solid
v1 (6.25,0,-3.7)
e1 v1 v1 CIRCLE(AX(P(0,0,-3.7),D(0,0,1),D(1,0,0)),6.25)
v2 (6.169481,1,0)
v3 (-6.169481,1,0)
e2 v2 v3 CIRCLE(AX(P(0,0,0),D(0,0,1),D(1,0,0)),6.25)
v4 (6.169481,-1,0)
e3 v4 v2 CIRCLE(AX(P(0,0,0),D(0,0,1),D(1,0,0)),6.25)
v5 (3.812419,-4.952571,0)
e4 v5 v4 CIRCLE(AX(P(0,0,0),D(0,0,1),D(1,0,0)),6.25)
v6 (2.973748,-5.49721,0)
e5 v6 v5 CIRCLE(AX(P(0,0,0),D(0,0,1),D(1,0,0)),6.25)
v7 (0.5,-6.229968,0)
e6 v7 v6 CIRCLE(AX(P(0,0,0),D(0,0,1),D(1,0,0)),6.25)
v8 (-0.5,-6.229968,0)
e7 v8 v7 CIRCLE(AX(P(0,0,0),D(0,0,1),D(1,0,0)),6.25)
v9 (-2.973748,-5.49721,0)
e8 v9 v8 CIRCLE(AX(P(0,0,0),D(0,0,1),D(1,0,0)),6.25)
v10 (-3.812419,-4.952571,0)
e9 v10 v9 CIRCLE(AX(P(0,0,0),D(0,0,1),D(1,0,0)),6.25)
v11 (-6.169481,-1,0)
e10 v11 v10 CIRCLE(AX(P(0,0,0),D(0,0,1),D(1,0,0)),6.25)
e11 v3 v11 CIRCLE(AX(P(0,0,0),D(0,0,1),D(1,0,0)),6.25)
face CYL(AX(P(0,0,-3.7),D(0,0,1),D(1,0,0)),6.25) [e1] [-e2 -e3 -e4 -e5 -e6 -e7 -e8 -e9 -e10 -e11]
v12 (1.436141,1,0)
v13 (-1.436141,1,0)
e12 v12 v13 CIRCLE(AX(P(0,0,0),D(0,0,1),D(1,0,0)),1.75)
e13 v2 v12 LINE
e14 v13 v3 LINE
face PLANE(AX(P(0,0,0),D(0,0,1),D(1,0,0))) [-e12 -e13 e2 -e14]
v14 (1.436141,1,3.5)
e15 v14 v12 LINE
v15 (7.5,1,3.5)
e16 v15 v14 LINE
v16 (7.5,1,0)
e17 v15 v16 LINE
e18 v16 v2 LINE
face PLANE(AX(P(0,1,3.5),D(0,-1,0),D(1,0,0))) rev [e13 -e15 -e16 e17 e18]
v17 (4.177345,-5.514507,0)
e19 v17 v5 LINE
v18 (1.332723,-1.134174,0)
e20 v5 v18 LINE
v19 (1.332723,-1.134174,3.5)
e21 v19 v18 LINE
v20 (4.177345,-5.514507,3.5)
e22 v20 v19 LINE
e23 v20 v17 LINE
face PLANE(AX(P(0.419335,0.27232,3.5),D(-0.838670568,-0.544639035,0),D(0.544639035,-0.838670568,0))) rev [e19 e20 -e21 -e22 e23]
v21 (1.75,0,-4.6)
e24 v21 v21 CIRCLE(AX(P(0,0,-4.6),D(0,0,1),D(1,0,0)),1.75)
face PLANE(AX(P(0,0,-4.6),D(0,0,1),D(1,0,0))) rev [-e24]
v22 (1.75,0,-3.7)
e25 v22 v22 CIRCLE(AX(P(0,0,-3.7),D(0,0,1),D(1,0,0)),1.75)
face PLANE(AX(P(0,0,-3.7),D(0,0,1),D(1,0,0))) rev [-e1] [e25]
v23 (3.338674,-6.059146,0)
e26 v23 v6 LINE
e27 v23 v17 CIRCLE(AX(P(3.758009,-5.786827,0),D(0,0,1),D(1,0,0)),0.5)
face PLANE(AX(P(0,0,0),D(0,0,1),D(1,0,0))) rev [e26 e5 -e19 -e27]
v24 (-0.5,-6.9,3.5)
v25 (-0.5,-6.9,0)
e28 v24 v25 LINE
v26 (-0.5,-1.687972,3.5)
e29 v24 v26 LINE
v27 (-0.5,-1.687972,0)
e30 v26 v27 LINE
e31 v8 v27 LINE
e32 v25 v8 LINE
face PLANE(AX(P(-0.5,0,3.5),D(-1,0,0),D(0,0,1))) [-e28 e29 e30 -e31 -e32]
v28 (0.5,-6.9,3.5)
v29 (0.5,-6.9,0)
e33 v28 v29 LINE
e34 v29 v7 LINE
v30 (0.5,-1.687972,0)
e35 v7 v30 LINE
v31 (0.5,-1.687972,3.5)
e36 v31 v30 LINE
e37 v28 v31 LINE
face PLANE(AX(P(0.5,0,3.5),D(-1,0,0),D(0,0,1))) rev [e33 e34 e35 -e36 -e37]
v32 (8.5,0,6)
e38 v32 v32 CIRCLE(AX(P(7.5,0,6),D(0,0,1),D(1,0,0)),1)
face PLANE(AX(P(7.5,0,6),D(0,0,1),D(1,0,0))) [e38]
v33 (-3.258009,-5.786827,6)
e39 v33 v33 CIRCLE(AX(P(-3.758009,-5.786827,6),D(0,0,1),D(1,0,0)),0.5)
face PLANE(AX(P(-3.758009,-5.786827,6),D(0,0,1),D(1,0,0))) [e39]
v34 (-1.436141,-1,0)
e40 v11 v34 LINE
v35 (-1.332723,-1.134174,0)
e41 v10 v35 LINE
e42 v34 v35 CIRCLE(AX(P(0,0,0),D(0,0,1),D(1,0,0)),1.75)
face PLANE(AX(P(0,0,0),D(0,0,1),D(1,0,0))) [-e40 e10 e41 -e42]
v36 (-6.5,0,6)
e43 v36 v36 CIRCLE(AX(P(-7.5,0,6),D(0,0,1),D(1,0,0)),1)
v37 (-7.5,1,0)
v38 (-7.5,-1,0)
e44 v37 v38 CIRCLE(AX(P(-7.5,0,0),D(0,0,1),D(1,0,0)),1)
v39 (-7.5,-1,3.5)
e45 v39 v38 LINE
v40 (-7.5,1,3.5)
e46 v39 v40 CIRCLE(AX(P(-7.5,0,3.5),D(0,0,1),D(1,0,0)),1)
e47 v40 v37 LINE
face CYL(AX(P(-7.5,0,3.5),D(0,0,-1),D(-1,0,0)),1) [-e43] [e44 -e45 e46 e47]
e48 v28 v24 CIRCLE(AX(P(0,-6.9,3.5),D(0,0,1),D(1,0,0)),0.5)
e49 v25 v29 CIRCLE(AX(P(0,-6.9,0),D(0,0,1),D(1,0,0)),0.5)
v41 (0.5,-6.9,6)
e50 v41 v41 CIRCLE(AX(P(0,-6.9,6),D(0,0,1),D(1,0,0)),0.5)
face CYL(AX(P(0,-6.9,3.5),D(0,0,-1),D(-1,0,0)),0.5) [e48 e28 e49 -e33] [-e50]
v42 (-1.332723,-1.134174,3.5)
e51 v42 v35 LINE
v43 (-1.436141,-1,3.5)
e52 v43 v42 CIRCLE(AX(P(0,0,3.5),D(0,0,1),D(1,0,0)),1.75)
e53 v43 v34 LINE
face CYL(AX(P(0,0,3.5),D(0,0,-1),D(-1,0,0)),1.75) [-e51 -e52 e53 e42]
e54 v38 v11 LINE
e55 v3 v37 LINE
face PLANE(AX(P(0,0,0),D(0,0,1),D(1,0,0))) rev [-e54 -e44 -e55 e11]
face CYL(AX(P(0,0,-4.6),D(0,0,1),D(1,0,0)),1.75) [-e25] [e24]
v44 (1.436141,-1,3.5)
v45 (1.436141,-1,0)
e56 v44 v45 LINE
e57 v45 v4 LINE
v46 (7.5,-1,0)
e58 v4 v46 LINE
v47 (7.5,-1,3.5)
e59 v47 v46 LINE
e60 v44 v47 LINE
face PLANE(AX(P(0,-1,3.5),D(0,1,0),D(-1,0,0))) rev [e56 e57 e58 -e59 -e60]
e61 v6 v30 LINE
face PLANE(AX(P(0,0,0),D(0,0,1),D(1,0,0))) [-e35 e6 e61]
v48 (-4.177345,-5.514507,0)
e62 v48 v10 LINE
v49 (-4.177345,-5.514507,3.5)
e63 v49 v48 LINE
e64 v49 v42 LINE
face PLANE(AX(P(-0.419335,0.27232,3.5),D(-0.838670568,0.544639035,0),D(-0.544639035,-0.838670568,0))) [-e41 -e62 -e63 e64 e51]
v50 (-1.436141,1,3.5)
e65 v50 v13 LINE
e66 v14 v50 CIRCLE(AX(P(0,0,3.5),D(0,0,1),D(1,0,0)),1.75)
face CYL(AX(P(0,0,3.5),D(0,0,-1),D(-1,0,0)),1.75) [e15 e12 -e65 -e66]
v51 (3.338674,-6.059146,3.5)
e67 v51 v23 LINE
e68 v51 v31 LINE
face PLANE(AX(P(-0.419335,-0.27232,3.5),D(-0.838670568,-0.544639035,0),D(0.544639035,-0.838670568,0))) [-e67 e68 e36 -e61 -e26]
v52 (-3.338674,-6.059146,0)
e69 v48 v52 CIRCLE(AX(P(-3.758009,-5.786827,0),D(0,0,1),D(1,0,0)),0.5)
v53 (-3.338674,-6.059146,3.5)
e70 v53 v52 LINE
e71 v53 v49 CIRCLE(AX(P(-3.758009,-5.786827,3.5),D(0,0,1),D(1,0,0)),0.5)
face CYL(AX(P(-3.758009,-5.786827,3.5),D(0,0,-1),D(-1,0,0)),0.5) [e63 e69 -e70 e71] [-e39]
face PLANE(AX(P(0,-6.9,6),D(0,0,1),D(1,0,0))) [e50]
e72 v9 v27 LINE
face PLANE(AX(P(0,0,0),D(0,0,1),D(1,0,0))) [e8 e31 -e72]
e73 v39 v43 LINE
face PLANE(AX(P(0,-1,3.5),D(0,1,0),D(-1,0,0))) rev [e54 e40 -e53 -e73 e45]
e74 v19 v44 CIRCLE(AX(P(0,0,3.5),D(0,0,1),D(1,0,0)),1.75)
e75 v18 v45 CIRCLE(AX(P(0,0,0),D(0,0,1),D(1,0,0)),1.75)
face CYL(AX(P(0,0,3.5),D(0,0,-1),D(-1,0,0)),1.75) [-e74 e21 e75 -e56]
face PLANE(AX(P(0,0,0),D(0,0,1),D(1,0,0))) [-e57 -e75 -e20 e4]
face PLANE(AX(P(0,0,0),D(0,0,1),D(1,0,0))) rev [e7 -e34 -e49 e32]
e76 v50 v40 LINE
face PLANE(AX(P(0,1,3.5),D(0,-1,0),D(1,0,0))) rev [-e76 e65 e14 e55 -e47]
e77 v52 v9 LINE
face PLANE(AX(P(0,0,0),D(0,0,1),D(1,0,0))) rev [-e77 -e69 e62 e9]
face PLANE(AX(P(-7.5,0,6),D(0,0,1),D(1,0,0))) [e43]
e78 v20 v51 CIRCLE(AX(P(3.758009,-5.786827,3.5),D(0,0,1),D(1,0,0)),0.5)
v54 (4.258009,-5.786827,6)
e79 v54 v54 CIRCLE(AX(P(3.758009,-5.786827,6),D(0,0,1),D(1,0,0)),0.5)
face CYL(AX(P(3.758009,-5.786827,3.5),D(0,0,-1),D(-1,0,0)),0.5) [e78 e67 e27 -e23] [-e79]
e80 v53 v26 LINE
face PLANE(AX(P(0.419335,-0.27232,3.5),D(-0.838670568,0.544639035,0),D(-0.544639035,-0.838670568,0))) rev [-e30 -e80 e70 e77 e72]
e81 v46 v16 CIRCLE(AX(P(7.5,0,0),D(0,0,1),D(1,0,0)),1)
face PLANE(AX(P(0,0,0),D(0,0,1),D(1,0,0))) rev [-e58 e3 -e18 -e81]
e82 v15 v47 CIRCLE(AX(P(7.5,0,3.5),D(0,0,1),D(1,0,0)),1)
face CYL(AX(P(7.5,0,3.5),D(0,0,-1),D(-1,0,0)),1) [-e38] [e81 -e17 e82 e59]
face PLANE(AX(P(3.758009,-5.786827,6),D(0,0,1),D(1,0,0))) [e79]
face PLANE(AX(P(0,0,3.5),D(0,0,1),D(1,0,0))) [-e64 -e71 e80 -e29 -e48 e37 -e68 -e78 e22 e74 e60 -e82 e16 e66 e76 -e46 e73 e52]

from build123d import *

# Parameters (mm, degrees)
SUPPORT_DEPTH              = 3.5
MAIN_FEATURES_SKETCH_3_R   = 6.25
KNOB_DEPTH                 = 3.7
SHAFT_START                = -3.7
MAIN_FEATURES_SKETCH_4_R   = 1.75
SHAFT_DEPTH                = 0.9
LEGS_START                 = 3.5
MAIN_FEATURES_SKETCH_5_R   = 1
MAIN_FEATURES_SKETCH_5_R_2 = 0.5
LEGS_DEPTH                 = 2.5


with BuildPart() as part:
    # main_features_sketch → support (new body)
    with BuildSketch(Plane.XY):
        with BuildLine():
            Line((0.5, -6.9), (0.5, -1.687971711))
            Line((0.5, -1.687971711), (3.338674058, -6.059146436))
            ThreePointArc((3.338674058, -6.059146436), (4.030328859, -6.206162203), (4.177344626, -5.514507401))
            Line((4.177344626, -5.514507401), (1.332722713, -1.134173783))
            ThreePointArc((1.332722713, -1.134173783), (1.386056185, -1.068339015), (1.436140662, -1))
            Line((1.436140662, -1), (7.5, -1))
            ThreePointArc((7.5, -1), (8.5, 0), (7.5, 1))
            Line((7.5, 1), (1.436140662, 1))
            ThreePointArc((1.436140662, 1), (0, 1.75), (-1.436140662, 1))
            Line((-1.436140662, 1), (-7.5, 1))
            ThreePointArc((-7.5, 1), (-8.5, 0), (-7.5, -1))
            Line((-7.5, -1), (-1.436140662, -1))
            ThreePointArc((-1.436140662, -1), (-1.386056185, -1.068339015), (-1.332722713, -1.134173783))
            Line((-1.332722713, -1.134173783), (-4.177344626, -5.514507401))
            ThreePointArc((-4.177344626, -5.514507401), (-4.030328859, -6.206162203), (-3.338674058, -6.059146436))
            Line((-3.338674058, -6.059146436), (-0.5, -1.687971711))
            Line((-0.5, -1.687971711), (-0.5, -6.9))
            ThreePointArc((-0.5, -6.9), (0, -7.4), (0.5, -6.9))
        make_face()
    extrude(amount=SUPPORT_DEPTH)

    # main_features_sketch<3> → knob (add)
    with BuildSketch(Plane.XY):
        Circle(MAIN_FEATURES_SKETCH_3_R)
    extrude(amount=-KNOB_DEPTH)

    # main_features_sketch<4> → shaft (add)
    with BuildSketch(Plane.XY.offset(SHAFT_START)):
        Circle(MAIN_FEATURES_SKETCH_4_R)
    extrude(amount=-SHAFT_DEPTH)

    # main_features_sketch<5> → legs (add)
    with BuildSketch(Plane.XY.offset(LEGS_START)):
        with Locations(Location((-7.5, 0, 0), (0, 0, 270))):
            Circle(MAIN_FEATURES_SKETCH_5_R)
        with Locations(Location((-3.758009342, -5.786826919, 0), (0, 0, 147))):
            Circle(MAIN_FEATURES_SKETCH_5_R_2)
        with Locations((0, -6.9)):
            Circle(MAIN_FEATURES_SKETCH_5_R_2)
        with Locations(Location((3.758009342, -5.786826919, 0), (0, 0, 213))):
            Circle(MAIN_FEATURES_SKETCH_5_R_2)
        with Locations(Location((7.5, 0, 0), (0, 0, 90))):
            Circle(MAIN_FEATURES_SKETCH_5_R)
    extrude(amount=LEGS_DEPTH)


solid = part.part
